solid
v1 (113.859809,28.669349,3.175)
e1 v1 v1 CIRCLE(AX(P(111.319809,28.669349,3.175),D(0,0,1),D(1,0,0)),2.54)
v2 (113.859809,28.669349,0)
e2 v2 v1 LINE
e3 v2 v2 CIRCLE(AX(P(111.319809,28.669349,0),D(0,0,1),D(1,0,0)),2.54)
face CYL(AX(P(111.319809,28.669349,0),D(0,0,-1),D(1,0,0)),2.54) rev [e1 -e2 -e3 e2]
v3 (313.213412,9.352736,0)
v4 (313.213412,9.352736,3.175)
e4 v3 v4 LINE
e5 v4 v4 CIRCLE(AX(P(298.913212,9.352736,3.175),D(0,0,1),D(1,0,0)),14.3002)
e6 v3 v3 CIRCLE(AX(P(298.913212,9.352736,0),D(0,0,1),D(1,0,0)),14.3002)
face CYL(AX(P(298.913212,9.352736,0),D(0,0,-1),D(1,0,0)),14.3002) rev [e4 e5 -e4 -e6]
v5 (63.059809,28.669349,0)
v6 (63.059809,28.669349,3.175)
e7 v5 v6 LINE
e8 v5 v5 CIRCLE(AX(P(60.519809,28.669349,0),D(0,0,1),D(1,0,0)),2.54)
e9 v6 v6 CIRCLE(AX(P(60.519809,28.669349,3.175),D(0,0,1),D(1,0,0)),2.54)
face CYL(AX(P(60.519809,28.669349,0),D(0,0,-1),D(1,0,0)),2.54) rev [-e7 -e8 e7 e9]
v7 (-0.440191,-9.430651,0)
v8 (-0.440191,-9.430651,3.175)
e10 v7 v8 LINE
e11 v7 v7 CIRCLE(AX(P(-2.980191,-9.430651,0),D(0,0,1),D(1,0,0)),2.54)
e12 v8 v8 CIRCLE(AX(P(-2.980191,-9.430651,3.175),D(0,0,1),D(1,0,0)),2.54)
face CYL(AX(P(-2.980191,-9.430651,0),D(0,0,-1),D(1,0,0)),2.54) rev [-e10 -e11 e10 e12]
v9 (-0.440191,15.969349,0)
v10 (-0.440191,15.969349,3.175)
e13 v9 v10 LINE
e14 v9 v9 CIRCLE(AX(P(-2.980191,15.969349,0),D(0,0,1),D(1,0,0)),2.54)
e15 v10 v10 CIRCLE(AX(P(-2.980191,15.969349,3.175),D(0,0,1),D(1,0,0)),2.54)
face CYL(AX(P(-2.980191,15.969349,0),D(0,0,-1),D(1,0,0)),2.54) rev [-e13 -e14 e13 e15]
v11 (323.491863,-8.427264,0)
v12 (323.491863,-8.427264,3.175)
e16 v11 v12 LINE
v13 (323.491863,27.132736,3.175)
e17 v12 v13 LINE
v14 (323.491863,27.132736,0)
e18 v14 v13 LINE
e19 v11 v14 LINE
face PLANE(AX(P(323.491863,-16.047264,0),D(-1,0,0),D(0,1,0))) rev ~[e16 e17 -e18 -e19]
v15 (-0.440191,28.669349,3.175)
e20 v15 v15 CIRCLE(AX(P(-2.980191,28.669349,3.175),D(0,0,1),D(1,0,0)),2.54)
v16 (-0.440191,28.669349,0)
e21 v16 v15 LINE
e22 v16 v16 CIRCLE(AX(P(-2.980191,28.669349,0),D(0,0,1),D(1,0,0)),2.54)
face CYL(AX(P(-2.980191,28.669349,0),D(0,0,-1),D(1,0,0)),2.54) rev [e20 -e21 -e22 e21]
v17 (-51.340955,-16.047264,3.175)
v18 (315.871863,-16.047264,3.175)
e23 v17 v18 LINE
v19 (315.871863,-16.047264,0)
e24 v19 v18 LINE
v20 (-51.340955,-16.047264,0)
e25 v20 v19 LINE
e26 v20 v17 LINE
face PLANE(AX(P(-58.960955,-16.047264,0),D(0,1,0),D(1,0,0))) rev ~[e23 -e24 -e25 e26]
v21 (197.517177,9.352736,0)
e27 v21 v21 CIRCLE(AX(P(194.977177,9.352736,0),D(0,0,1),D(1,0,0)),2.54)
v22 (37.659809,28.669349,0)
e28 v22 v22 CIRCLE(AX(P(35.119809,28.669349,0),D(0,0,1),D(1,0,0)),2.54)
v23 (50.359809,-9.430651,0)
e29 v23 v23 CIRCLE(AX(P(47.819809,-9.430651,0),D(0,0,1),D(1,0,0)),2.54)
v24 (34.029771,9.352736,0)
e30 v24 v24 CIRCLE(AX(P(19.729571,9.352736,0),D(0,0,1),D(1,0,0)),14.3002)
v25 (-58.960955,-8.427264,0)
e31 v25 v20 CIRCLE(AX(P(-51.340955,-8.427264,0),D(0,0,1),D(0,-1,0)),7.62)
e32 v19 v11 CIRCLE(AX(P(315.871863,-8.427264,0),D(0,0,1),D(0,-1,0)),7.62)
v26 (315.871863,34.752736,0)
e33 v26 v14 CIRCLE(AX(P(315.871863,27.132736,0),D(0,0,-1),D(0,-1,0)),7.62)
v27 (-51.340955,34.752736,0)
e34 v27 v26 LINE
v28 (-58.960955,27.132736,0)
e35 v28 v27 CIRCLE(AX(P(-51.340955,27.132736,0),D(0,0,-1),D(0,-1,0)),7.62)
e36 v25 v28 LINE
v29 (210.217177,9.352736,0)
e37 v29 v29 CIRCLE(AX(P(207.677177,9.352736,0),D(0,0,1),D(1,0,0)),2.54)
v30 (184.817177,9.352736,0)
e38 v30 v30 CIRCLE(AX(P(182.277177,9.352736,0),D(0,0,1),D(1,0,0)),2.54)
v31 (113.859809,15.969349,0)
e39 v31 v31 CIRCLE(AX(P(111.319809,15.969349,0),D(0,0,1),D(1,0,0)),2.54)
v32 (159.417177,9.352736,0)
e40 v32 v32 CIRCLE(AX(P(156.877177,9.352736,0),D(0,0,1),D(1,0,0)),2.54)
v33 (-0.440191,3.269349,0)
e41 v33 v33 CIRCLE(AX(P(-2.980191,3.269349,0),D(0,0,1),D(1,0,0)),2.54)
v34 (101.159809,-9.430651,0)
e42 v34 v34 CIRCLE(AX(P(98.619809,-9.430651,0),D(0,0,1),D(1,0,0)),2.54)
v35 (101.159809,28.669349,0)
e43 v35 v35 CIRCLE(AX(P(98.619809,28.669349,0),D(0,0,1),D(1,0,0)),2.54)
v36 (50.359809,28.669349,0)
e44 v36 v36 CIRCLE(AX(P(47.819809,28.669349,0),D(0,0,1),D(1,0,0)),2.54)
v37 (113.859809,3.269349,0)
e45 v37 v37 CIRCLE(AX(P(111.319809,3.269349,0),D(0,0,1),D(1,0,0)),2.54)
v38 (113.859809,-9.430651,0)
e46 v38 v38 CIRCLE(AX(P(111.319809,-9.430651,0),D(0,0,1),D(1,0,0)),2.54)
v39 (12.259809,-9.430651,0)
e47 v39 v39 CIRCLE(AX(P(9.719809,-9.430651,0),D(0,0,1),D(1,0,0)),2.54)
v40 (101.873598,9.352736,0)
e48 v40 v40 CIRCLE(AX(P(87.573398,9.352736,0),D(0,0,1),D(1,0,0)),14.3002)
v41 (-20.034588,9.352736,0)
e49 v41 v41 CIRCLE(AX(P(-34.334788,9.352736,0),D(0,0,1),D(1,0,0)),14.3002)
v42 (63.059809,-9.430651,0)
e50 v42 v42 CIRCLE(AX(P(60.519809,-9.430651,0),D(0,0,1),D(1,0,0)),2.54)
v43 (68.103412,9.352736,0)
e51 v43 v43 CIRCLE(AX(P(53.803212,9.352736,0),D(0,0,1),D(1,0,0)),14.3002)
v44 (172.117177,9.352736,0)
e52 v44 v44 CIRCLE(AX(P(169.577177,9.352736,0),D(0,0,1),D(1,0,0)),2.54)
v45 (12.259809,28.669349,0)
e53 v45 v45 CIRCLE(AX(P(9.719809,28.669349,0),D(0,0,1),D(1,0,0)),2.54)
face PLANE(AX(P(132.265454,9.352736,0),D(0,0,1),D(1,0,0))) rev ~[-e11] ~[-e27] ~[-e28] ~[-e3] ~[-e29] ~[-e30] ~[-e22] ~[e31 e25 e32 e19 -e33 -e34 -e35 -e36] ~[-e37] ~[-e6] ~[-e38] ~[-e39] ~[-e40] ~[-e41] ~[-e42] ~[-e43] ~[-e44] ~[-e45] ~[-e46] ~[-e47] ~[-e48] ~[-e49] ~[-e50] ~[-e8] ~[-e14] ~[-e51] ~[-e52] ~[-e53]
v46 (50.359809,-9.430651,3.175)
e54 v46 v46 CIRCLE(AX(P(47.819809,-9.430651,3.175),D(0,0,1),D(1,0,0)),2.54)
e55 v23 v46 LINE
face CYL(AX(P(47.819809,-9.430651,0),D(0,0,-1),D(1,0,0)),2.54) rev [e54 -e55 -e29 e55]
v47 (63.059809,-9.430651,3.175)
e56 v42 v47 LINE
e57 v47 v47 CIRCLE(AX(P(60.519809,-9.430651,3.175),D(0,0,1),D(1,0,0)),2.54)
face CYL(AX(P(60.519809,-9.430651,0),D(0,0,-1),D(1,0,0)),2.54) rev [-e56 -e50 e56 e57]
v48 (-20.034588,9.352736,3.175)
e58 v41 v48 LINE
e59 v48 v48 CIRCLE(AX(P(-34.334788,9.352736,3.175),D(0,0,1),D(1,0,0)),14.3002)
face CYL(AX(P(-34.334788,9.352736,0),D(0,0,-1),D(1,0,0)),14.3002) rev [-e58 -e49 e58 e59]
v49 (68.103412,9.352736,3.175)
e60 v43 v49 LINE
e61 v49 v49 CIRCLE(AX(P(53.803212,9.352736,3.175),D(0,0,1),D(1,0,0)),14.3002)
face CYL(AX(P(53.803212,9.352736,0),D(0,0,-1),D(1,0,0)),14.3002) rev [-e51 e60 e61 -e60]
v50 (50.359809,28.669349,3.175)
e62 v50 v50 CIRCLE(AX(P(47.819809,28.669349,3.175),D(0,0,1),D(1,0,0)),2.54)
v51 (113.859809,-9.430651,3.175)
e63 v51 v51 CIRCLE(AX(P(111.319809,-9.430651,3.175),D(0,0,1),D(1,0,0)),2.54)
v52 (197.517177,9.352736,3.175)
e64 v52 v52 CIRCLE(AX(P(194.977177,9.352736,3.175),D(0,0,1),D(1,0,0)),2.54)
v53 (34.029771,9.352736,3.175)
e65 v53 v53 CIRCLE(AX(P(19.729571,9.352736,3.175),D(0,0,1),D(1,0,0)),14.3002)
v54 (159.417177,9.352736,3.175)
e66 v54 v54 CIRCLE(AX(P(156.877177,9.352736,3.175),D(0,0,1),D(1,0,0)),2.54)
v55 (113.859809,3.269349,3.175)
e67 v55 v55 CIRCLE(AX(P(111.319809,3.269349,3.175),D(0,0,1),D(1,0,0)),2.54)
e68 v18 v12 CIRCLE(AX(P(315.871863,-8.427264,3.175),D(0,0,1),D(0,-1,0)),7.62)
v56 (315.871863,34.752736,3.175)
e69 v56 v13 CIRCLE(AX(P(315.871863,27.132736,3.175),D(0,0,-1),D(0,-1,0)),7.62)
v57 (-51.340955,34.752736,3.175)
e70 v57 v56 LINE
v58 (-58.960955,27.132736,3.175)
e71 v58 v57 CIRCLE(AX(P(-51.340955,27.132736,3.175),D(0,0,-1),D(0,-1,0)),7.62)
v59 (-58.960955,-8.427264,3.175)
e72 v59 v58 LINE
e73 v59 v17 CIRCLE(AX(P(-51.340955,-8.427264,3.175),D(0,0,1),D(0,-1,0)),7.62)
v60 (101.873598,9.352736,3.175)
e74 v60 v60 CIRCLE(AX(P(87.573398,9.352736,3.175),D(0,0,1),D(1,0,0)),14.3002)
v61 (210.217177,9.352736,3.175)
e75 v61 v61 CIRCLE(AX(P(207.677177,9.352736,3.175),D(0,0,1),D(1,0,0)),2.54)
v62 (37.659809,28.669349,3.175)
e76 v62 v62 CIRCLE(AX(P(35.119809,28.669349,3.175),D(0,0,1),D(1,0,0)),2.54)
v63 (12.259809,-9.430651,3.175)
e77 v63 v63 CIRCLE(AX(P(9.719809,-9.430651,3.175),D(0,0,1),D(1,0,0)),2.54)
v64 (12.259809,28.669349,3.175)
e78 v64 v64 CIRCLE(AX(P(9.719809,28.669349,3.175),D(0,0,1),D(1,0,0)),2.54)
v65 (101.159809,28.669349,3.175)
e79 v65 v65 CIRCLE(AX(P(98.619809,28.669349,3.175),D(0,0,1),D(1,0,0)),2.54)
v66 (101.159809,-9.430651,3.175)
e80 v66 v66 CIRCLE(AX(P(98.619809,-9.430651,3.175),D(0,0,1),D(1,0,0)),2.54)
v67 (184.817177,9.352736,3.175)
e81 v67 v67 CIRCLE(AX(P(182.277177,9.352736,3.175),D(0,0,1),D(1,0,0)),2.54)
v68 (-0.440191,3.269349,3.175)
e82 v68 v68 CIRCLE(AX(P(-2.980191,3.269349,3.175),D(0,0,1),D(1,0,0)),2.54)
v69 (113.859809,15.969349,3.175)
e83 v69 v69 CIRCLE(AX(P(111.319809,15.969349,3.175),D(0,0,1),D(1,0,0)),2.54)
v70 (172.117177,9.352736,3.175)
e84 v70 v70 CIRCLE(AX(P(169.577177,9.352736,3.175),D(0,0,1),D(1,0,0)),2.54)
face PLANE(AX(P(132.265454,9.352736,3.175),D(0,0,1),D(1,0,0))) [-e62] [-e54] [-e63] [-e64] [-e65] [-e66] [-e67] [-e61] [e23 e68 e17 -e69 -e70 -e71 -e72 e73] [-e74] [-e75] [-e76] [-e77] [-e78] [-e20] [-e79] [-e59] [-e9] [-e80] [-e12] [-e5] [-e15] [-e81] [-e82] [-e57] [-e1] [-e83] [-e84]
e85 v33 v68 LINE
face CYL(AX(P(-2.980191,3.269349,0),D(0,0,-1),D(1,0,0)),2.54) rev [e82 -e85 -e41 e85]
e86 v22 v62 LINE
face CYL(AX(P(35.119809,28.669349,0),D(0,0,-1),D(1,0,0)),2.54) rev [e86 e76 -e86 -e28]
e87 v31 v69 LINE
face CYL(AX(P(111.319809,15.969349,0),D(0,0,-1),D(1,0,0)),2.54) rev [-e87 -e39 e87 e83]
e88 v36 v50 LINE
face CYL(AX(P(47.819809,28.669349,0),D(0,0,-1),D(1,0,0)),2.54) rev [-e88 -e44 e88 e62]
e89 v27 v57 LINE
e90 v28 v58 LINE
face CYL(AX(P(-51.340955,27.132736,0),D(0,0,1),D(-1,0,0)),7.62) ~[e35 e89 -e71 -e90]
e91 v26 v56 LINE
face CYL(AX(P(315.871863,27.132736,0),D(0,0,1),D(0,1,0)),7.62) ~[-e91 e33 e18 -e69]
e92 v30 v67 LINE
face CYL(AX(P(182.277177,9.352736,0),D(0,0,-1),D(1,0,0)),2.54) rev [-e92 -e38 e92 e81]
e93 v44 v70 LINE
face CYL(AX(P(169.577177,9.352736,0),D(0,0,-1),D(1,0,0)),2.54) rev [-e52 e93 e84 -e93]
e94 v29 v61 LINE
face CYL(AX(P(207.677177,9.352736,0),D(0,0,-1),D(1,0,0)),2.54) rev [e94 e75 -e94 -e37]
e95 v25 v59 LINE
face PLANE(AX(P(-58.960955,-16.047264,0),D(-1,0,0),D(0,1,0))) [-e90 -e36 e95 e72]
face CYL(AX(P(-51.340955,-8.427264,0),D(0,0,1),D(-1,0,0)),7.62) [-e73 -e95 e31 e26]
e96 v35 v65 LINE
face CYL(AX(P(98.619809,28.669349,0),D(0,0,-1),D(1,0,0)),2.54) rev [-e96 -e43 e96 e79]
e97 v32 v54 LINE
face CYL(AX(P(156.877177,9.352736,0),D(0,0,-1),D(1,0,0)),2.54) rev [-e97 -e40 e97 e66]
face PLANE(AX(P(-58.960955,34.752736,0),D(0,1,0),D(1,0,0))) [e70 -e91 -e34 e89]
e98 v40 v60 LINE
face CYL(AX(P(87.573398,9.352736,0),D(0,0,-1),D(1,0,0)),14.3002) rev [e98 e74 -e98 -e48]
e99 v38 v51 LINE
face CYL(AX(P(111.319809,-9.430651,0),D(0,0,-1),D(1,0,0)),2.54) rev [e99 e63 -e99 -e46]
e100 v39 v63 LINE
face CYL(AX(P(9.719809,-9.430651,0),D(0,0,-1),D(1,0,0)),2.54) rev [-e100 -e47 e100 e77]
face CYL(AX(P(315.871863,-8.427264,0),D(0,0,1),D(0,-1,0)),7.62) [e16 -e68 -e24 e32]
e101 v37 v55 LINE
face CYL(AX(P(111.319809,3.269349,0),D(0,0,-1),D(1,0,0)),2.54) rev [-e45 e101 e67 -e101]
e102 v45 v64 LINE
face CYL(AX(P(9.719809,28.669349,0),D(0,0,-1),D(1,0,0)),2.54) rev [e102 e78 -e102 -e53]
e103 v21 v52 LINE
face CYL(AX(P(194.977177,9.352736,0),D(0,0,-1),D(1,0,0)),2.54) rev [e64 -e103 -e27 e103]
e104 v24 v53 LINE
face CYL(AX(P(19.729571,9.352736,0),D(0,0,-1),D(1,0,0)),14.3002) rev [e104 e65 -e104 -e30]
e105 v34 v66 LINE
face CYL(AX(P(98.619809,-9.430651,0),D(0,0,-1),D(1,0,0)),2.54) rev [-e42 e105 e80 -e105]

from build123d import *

# Parameters (mm, degrees)
SKETCH1_W           = 382.452818204
SKETCH1_H           = 50.8
SKETCH1_R           = 14.3002
SKETCH1_R_2         = 2.54
BOSS_EXTRUDE1_DEPTH = 3.175
FILLET1_R           = 7.62


with BuildPart() as part:
    # Sketch1 → Boss-Extrude1 (new body)
    with BuildSketch(Plane.XY):
        with Locations((132.2654537, 9.352736133)):
            Rectangle(SKETCH1_W, SKETCH1_H)
        with Locations((-34.334788468, 9.352736133)):
            Circle(SKETCH1_R, mode=Mode.SUBTRACT)
        with Locations((298.913211532, 9.352736133)):
            Circle(SKETCH1_R, mode=Mode.SUBTRACT)
        with Locations((53.803211532, 9.352736133)):
            Circle(SKETCH1_R, mode=Mode.SUBTRACT)
        with Locations((87.573397818, 9.352736133)):
            Circle(SKETCH1_R, mode=Mode.SUBTRACT)
        with Locations((19.729570927, 9.352736133)):
            Circle(SKETCH1_R, mode=Mode.SUBTRACT)
        with Locations((98.619809052, -9.430651268)):
            Circle(SKETCH1_R_2, mode=Mode.SUBTRACT)
        with Locations((111.319809052, -9.430651268)):
            Circle(SKETCH1_R_2, mode=Mode.SUBTRACT)
        with Locations((111.319809052, 3.269348732)):
            Circle(SKETCH1_R_2, mode=Mode.SUBTRACT)
        with Locations((111.319809052, 15.969348732)):
            Circle(SKETCH1_R_2, mode=Mode.SUBTRACT)
        with Locations((111.319809052, 28.669348732)):
            Circle(SKETCH1_R_2, mode=Mode.SUBTRACT)
        with Locations((98.619809052, 28.669348732)):
            Circle(SKETCH1_R_2, mode=Mode.SUBTRACT)
        with Locations((47.819809052, -9.430651268)):
            Circle(SKETCH1_R_2, mode=Mode.SUBTRACT)
        with Locations((60.519809052, -9.430651268)):
            Circle(SKETCH1_R_2, mode=Mode.SUBTRACT)
        with Locations((47.819809052, 28.669348732)):
            Circle(SKETCH1_R_2, mode=Mode.SUBTRACT)
        with Locations((60.519809052, 28.669348732)):
            Circle(SKETCH1_R_2, mode=Mode.SUBTRACT)
        with Locations((35.119809052, 28.669348732)):
            Circle(SKETCH1_R_2, mode=Mode.SUBTRACT)
        with Locations((9.719809052, -9.430651268)):
            Circle(SKETCH1_R_2, mode=Mode.SUBTRACT)
        with Locations((-2.980190948, -9.430651268)):
            Circle(SKETCH1_R_2, mode=Mode.SUBTRACT)
        with Locations((-2.980190948, 3.269348732)):
            Circle(SKETCH1_R_2, mode=Mode.SUBTRACT)
        with Locations((-2.980190948, 15.969348732)):
            Circle(SKETCH1_R_2, mode=Mode.SUBTRACT)
        with Locations((9.719809052, 28.669348732)):
            Circle(SKETCH1_R_2, mode=Mode.SUBTRACT)
        with Locations((-2.980190948, 28.669348732)):
            Circle(SKETCH1_R_2, mode=Mode.SUBTRACT)
        with Locations((156.877176863, 9.352736133)):
            Circle(SKETCH1_R_2, mode=Mode.SUBTRACT)
        with Locations((169.577176863, 9.352736133)):
            Circle(SKETCH1_R_2, mode=Mode.SUBTRACT)
        with Locations((182.277176863, 9.352736133)):
            Circle(SKETCH1_R_2, mode=Mode.SUBTRACT)
        with Locations((194.977176863, 9.352736133)):
            Circle(SKETCH1_R_2, mode=Mode.SUBTRACT)
        with Locations((207.677176863, 9.352736133)):
            Circle(SKETCH1_R_2, mode=Mode.SUBTRACT)
    extrude(amount=BOSS_EXTRUDE1_DEPTH)

    # Fillet1
    fillet1_edges = [part.edges().sort_by_distance(p)[0] for p in [
        (-58.960955402, 34.752736133, 1.5875),
        (323.491862802, 34.752736133, 1.5875),
        (323.491862802, -16.047263867, 1.5875),
        (-58.960955402, -16.047263867, 1.5875),
    ]]
    fillet(fillet1_edges, radius=FILLET1_R)


solid = part.part
